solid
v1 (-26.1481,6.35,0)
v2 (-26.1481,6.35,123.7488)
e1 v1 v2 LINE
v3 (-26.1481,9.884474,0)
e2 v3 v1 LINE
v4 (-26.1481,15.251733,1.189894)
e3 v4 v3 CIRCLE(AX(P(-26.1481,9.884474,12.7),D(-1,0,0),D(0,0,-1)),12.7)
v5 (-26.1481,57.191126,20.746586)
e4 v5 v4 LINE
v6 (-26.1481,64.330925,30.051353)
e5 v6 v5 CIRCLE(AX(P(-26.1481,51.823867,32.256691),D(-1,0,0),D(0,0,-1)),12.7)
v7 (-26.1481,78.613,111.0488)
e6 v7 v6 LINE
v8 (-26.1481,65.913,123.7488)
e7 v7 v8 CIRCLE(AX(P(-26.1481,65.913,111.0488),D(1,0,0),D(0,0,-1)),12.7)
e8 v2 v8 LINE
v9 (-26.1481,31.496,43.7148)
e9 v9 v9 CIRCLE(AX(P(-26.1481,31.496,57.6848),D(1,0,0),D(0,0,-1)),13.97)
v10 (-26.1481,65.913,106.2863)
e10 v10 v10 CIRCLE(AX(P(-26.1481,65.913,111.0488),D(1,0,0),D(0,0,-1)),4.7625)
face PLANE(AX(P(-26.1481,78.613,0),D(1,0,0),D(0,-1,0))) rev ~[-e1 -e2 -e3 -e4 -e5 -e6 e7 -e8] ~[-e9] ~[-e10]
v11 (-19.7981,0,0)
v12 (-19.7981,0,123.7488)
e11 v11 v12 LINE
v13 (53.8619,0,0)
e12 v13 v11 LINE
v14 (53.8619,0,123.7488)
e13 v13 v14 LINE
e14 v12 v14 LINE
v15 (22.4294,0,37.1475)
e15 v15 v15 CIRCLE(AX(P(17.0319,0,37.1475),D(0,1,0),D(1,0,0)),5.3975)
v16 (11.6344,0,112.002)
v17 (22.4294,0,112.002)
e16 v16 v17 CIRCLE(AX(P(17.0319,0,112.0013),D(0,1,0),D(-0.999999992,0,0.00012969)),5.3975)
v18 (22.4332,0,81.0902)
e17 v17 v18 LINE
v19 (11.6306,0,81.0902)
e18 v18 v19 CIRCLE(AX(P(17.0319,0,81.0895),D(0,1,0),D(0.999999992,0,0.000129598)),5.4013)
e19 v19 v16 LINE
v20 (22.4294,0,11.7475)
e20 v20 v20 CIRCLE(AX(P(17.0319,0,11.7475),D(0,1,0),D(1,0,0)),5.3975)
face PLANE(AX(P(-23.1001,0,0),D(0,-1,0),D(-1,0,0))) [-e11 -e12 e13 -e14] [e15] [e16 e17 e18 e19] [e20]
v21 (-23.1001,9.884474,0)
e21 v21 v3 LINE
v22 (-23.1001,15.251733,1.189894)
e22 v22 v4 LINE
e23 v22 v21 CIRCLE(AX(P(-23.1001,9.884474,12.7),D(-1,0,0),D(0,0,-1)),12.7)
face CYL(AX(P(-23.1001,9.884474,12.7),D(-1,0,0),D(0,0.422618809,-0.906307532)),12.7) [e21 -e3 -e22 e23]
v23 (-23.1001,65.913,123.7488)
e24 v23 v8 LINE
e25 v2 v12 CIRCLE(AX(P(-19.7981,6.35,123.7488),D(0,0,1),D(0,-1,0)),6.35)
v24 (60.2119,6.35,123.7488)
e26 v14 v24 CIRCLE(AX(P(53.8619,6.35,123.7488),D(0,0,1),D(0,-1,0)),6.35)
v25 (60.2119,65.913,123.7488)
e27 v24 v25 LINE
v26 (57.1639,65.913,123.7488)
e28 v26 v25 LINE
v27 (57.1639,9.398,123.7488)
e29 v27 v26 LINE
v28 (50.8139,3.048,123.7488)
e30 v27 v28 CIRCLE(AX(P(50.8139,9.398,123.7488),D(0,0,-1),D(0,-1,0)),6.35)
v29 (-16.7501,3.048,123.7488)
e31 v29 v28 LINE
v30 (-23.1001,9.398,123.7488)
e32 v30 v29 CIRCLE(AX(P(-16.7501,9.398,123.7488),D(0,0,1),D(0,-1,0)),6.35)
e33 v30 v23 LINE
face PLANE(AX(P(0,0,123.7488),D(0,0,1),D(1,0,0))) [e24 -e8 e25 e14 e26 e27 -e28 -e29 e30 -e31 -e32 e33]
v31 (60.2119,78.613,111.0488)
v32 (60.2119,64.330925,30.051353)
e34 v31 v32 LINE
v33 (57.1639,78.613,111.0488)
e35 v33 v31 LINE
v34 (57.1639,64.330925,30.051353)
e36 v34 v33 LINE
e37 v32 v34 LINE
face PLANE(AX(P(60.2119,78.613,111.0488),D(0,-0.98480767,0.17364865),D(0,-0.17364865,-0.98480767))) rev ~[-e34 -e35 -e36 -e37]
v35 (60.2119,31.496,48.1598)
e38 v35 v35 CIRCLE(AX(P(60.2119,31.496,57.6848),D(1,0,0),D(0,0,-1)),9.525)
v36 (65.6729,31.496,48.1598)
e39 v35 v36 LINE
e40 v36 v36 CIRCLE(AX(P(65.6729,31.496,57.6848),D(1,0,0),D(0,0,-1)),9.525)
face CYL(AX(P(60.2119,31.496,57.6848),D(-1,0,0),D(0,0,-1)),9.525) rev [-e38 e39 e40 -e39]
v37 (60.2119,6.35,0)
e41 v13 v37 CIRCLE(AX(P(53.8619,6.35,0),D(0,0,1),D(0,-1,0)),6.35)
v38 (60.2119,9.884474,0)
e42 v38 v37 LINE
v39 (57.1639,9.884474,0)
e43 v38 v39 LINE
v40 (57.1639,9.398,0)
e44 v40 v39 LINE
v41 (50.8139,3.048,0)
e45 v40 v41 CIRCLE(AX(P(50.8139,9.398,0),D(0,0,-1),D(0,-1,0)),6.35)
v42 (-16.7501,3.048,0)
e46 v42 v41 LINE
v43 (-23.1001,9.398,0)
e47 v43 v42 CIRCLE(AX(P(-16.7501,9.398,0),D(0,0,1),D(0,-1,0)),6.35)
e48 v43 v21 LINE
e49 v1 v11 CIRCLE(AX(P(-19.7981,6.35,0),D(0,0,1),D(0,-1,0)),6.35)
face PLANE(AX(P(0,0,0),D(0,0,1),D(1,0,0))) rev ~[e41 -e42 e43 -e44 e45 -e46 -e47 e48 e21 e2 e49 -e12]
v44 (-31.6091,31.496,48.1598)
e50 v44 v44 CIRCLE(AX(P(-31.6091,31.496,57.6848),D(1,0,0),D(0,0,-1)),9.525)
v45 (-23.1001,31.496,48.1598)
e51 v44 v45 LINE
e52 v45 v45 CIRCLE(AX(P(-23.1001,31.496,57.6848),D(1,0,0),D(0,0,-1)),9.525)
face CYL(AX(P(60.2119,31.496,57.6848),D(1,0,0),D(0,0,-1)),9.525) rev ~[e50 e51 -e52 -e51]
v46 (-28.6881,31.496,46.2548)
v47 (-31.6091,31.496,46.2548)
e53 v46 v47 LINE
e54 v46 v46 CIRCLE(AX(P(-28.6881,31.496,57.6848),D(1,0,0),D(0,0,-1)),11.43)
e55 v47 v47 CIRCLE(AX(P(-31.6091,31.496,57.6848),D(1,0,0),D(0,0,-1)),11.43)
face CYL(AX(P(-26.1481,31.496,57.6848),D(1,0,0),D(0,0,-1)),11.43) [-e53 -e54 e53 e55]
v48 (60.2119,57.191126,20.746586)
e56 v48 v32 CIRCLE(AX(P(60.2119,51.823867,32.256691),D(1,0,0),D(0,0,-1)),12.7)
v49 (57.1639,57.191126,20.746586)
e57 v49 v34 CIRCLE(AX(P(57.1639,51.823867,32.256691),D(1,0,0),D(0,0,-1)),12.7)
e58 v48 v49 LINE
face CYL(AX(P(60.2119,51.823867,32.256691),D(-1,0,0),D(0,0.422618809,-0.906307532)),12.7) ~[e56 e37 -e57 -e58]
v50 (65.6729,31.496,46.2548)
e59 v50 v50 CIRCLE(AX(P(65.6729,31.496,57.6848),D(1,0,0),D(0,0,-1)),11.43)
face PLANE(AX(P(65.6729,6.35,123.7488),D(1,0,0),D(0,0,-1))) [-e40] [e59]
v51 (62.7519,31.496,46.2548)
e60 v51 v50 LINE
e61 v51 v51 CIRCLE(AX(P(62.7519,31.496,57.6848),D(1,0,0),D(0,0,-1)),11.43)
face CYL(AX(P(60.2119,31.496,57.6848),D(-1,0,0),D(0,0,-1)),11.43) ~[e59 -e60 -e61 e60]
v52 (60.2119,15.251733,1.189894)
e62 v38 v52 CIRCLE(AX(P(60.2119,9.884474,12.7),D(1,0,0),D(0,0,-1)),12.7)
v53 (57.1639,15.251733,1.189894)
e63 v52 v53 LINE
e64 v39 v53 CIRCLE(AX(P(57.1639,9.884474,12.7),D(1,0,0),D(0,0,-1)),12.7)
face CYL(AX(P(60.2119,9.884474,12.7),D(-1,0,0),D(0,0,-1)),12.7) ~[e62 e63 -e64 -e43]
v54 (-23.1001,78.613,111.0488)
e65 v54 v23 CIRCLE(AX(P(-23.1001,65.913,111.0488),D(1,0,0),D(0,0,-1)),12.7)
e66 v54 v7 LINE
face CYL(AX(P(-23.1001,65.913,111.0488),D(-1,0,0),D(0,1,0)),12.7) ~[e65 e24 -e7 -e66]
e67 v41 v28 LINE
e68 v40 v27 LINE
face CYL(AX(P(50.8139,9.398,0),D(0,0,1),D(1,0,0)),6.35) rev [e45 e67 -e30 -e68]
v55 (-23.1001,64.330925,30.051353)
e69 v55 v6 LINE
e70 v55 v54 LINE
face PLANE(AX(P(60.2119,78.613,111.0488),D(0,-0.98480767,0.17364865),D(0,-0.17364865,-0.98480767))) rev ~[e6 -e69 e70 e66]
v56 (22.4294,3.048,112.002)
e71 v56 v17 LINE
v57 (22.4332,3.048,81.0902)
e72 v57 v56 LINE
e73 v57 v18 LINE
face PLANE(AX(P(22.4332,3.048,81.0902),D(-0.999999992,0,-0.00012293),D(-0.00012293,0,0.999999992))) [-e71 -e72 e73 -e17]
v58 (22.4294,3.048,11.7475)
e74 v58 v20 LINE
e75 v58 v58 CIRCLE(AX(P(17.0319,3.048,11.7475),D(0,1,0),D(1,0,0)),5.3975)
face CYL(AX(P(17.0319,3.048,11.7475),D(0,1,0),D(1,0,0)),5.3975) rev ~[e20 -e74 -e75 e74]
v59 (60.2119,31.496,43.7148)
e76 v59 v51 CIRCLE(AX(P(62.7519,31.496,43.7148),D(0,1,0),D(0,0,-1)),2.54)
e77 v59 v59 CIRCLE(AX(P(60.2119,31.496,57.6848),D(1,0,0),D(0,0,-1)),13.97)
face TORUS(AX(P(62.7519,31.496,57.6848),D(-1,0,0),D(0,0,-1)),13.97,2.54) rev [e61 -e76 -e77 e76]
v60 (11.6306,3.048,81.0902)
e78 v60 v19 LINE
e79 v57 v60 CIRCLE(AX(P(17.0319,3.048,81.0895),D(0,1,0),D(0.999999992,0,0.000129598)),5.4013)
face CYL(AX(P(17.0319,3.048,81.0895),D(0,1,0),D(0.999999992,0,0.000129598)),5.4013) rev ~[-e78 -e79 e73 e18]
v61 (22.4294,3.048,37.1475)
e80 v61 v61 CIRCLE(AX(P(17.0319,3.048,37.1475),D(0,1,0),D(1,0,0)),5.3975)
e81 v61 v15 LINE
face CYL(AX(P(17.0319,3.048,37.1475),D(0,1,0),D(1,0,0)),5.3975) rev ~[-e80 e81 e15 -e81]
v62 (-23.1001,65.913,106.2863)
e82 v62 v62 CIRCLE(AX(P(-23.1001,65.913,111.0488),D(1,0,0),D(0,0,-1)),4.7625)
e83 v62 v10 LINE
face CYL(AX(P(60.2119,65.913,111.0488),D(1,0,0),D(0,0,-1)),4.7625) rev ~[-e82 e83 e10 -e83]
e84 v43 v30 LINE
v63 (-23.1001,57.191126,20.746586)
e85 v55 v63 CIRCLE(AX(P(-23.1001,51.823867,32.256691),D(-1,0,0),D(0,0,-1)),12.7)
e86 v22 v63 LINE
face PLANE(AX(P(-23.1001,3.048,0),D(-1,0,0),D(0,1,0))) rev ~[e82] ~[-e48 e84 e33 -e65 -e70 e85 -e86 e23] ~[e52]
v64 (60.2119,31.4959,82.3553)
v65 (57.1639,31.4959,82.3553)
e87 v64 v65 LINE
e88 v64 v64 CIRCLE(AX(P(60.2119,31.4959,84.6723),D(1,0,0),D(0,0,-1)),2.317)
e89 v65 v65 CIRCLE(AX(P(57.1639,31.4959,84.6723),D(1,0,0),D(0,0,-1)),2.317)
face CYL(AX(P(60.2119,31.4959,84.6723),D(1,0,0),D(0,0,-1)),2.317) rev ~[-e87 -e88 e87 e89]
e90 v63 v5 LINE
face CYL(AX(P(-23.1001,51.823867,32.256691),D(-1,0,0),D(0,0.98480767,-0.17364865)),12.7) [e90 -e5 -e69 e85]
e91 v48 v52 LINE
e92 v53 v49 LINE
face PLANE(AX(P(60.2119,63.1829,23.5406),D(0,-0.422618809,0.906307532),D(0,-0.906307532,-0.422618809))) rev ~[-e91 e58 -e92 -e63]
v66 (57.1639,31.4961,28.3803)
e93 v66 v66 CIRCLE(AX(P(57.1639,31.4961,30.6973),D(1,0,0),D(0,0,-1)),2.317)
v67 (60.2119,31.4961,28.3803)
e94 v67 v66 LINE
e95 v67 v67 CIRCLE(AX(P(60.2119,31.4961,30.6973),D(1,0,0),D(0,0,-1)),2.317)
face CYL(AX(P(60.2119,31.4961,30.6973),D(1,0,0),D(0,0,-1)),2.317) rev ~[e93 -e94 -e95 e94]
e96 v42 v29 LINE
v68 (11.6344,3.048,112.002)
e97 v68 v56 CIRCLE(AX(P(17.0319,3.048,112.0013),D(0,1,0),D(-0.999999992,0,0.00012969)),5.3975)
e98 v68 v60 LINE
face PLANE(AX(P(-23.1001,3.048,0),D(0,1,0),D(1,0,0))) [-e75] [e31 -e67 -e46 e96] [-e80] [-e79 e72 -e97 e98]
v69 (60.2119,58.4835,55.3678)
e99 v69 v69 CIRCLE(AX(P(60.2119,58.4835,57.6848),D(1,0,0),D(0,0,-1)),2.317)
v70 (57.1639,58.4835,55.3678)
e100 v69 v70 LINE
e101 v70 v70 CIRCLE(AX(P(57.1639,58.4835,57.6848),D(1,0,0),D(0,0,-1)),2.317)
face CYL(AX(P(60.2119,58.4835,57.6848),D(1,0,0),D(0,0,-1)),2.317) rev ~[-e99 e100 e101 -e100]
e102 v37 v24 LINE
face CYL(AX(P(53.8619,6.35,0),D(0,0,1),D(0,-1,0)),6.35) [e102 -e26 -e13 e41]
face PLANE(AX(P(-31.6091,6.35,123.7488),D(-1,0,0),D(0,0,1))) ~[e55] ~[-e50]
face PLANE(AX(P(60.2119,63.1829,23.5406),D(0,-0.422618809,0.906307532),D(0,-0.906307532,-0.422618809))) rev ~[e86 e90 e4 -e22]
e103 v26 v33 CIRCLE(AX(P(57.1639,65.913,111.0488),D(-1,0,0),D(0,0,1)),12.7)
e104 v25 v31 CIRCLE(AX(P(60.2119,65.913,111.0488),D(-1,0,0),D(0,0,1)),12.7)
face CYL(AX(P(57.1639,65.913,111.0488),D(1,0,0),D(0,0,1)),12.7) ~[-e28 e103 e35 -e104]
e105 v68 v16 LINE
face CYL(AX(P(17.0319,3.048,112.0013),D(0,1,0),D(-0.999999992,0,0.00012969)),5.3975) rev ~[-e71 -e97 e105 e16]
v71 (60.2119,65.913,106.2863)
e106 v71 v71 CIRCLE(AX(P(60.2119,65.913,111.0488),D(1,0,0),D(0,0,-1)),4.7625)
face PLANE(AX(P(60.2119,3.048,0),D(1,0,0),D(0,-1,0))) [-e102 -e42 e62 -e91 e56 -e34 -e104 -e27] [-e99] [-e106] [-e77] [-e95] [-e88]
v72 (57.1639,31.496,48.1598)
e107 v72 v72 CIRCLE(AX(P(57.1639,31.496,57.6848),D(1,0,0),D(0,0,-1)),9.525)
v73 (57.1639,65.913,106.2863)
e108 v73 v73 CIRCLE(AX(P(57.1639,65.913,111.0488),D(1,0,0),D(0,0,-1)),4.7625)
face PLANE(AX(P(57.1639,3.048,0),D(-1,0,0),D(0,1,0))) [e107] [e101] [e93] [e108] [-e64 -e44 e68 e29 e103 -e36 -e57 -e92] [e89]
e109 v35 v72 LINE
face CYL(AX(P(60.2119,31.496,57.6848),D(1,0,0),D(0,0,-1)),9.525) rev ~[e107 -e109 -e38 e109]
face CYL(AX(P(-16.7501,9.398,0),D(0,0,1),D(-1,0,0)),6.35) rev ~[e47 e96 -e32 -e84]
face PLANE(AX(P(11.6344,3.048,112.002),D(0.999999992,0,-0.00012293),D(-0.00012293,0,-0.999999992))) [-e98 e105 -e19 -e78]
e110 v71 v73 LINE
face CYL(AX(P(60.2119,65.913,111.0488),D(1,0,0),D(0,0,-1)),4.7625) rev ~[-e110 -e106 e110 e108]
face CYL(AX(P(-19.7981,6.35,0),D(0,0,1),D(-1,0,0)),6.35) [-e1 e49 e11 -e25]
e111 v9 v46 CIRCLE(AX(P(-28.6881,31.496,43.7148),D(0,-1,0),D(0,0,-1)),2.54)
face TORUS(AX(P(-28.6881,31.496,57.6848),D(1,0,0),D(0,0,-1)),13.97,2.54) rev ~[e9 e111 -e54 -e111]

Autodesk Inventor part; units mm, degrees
ref_plane "YZ Plane" through (0, 0, 0) normal (1, 0, 0) x (0, 1, 0)
ref_plane "XZ Plane" through (0, 0, 0) normal (0, 1, 0) x (-1, 0, 0)
sketch "Sketch1" plane through (0, 0, 0) normal (0, 0, 1) x (1, 0, 0)
  line L0 (-26.1481, 3.048) -> (60.2119, 3.048)
  line L1 (60.2119, 3.048) -> (60.2119, 0)
  line L2 (60.2119, 0) -> (-26.1481, 0)
  line L3 (-26.1481, 0) -> (-26.1481, 3.048)
  line L4 (-26.1481, 0) -> (-23.1001, 0)
  line L5 (-23.1001, 0) -> (-23.1001, 78.613)
  line L6 (-23.1001, 78.613) -> (-26.1481, 78.613)
  line L7 (-26.1481, 78.613) -> (-26.1481, 0)
  line L8 (60.2119, 0) -> (57.1639, 0)
  line L9 (57.1639, 0) -> (57.1639, 78.613)
  line L10 (57.1639, 78.613) -> (60.2119, 78.613)
  line L11 (60.2119, 78.613) -> (60.2119, 0)
  point P0 (0, 0)
  dimension "d0" = 86.36
  dimension "d1" = 3.048
  dimension "d2" = 3.048
  dimension "d3" = 3.048
  dimension "d4" = 78.613
  dimension "d5" = 0
extrude "Extrusion1" add sketch "Sketch1" along normal blind 123.7488
fillet "Fillet1" radius 12.7 2 edges at (58.6879, 78.613, 123.7488) (-24.6241, 78.613, 123.7488)
sketch "Sketch2" plane through (60.2119, 0, 0) normal (1, 0, 0) x (0, 0, -1)
  arc A0 (-111.0488, 78.613) -> (-123.7488, 65.913) centre (-111.0488, 65.913) ccw projected
  circle A1 centre (-111.0488, 65.913) radius 4.7625
  dimension "d9" = 9.525
extrude "Extrusion2" cut sketch "Sketch2" against normal through all
fillet "Fillet2" radius 6.35 4 edges at (57.1639, 3.048, 61.8744) (60.2119, 0, 61.8744) (-23.1001, 3.048, 61.8744) (-26.1481, 0, 61.8744)
sketch "Sketch3" plane through (60.2119, 78.613, 111.0488) normal (1, 0, 0) x (0, 0, -1)
  line L0 (111.0488, -72.263) -> (-12.7, -72.263) projected
  line L1 (111.0488, -72.263) -> (111.0488, 0) projected
  line L2 (111.0488, 0) -> (0, 0) projected
  line L3 (-12.7, -12.7) -> (-12.7, -72.263) projected
  line L4 (111.0488, -65.913) -> (-12.7, -65.913)
  line L5 (0, 0) -> (87.5082, -15.4301)
  line L6 (87.5082, -15.4301) -> (111.0488, -65.913)
  point P0 (111.0488, -78.613)
  dimension "d13" = 6.35
  dimension "d15" = 125
  dimension "d16" = 65
extrude "Extrusion3" cut sketch "Sketch3" against normal through all contours L6 L5 L2 L1
fillet "Fillet3" radius 12.7 2 edges at (58.6879, 63.1829, 23.5406) (-24.6241, 63.1829, 23.5406)
fillet "Fillet4" radius 12.7 2 edges at (58.6879, 12.7, 0) (-24.6241, 12.7, 0)
sketch "Sketch4" plane through (-16.7501, 3.048, 0) normal (0, 1, 0) x (1, 0, 0)
  line L0 (0, -123.7488) -> (67.564, -123.7488) projected
  line L1 (67.564, 0) -> (0, 0) projected
  circle A0 centre (33.782, -11.7475) radius 5.3975
  circle A1 centre (33.782, -37.1475) radius 5.3975
  arc A2 (28.3845, -112.002) -> (39.1795, -112.002) centre (33.782, -112.0013) ccw
  arc A3 (39.1833, -81.0902) -> (28.3807, -81.0902) centre (33.782, -81.0895) ccw
  line L2 (28.3845, -112.002) -> (28.3807, -81.0902)
  line L3 (39.1833, -81.0902) -> (39.1795, -112.002)
  point P0 (16.7501, 0)
  dimension "d21" = 10.795
  dimension "d22" = 10.795
  dimension "d23" = 25.4
  dimension "d24" = 11.7475
  dimension "d25" = 10.795
  dimension "d26" = 10.8026
  dimension "d27" = 11.7475
  dimension "d28" = 30.9118
  dimension "d29" = 30.9118
  dimension "d30" = 30.9118
extrude "Extrusion4" cut sketch "Sketch4" against normal through all
sketch "Sketch5" plane through (60.2119, 6.35, 123.7488) normal (1, 0, 0) x (0, 0, -1)
  circle A0 centre (12.7, 59.563) radius 4.7625 projected
  circle A1 centre (66.064, 25.146) radius 9.525
  circle A2 centre (66.064, 25.146) radius 11.43
  line L0 (0, -6.35) -> (123.7488, -6.35) projected
  dimension "d33" = 19.05
  dimension "d36" = 22.86
  dimension "d37" = 31.496
  dimension "d38" = 63.5
extrude "Extrusion5" add sketch "Sketch5" along normal blind 5.461 contours A2
sketch "Sketch6" plane through (60.2119, 31.496, 57.6848) normal (1, 0, 0) x (0, 0, -1)
  circle A0 centre (0, 0) radius 9.525 projected
  point P0 (57.6848, -31.496)
ref_plane "Work Plane1" through (17.0319, 0, 117.3988) normal (1, 0, 0) x (0, 1, 0)
mirror "Mirror1" about plane through (17.0319, 0, 117.3988) normal (1, 0, 0) of "Extrusion5"
extrude "Extrusion6" cut sketch "Sketch6" against normal through all
fillet "Fillet5" radius 2.54 2 edges at (60.2119, 31.496, 69.1148) (-26.1482, 31.496, 69.1148)
sketch "Sketch7" plane through (60.2119, 6.35, 123.7488) normal (1, 0, 0) x (0, 0, -1)
  circle A0 centre (39.0765, 25.1459) radius 2.317 projected
  circle A1 centre (93.0515, 25.1461) radius 2.317 projected
  circle A2 centre (66.064, 25.146) radius 14.2875 projected
  line L0 (97.8141, -6.6039) -> (97.814, 56.8961) projected
  line L1 (34.3141, -6.6041) -> (97.8141, -6.6039) projected
  line L2 (34.314, 56.8959) -> (34.3141, -6.6041) projected
  line L3 (97.814, 56.8961) -> (34.314, 56.8959) projected
  circle A3 centre (66.0641, -1.8415) radius 2.317 projected
  circle A4 centre (66.064, 52.1335) radius 2.317 projected
  point P0 (123.7488, -6.35)
extrude "Extrusion7" cut sketch "Sketch7" against normal up to surface (3.048 mm away) contours A0 | A1 | A4
equation "\"d27\" = d24"
equation "\"d29\" = d28"
properties part number "Ratchet Frame 1764"
